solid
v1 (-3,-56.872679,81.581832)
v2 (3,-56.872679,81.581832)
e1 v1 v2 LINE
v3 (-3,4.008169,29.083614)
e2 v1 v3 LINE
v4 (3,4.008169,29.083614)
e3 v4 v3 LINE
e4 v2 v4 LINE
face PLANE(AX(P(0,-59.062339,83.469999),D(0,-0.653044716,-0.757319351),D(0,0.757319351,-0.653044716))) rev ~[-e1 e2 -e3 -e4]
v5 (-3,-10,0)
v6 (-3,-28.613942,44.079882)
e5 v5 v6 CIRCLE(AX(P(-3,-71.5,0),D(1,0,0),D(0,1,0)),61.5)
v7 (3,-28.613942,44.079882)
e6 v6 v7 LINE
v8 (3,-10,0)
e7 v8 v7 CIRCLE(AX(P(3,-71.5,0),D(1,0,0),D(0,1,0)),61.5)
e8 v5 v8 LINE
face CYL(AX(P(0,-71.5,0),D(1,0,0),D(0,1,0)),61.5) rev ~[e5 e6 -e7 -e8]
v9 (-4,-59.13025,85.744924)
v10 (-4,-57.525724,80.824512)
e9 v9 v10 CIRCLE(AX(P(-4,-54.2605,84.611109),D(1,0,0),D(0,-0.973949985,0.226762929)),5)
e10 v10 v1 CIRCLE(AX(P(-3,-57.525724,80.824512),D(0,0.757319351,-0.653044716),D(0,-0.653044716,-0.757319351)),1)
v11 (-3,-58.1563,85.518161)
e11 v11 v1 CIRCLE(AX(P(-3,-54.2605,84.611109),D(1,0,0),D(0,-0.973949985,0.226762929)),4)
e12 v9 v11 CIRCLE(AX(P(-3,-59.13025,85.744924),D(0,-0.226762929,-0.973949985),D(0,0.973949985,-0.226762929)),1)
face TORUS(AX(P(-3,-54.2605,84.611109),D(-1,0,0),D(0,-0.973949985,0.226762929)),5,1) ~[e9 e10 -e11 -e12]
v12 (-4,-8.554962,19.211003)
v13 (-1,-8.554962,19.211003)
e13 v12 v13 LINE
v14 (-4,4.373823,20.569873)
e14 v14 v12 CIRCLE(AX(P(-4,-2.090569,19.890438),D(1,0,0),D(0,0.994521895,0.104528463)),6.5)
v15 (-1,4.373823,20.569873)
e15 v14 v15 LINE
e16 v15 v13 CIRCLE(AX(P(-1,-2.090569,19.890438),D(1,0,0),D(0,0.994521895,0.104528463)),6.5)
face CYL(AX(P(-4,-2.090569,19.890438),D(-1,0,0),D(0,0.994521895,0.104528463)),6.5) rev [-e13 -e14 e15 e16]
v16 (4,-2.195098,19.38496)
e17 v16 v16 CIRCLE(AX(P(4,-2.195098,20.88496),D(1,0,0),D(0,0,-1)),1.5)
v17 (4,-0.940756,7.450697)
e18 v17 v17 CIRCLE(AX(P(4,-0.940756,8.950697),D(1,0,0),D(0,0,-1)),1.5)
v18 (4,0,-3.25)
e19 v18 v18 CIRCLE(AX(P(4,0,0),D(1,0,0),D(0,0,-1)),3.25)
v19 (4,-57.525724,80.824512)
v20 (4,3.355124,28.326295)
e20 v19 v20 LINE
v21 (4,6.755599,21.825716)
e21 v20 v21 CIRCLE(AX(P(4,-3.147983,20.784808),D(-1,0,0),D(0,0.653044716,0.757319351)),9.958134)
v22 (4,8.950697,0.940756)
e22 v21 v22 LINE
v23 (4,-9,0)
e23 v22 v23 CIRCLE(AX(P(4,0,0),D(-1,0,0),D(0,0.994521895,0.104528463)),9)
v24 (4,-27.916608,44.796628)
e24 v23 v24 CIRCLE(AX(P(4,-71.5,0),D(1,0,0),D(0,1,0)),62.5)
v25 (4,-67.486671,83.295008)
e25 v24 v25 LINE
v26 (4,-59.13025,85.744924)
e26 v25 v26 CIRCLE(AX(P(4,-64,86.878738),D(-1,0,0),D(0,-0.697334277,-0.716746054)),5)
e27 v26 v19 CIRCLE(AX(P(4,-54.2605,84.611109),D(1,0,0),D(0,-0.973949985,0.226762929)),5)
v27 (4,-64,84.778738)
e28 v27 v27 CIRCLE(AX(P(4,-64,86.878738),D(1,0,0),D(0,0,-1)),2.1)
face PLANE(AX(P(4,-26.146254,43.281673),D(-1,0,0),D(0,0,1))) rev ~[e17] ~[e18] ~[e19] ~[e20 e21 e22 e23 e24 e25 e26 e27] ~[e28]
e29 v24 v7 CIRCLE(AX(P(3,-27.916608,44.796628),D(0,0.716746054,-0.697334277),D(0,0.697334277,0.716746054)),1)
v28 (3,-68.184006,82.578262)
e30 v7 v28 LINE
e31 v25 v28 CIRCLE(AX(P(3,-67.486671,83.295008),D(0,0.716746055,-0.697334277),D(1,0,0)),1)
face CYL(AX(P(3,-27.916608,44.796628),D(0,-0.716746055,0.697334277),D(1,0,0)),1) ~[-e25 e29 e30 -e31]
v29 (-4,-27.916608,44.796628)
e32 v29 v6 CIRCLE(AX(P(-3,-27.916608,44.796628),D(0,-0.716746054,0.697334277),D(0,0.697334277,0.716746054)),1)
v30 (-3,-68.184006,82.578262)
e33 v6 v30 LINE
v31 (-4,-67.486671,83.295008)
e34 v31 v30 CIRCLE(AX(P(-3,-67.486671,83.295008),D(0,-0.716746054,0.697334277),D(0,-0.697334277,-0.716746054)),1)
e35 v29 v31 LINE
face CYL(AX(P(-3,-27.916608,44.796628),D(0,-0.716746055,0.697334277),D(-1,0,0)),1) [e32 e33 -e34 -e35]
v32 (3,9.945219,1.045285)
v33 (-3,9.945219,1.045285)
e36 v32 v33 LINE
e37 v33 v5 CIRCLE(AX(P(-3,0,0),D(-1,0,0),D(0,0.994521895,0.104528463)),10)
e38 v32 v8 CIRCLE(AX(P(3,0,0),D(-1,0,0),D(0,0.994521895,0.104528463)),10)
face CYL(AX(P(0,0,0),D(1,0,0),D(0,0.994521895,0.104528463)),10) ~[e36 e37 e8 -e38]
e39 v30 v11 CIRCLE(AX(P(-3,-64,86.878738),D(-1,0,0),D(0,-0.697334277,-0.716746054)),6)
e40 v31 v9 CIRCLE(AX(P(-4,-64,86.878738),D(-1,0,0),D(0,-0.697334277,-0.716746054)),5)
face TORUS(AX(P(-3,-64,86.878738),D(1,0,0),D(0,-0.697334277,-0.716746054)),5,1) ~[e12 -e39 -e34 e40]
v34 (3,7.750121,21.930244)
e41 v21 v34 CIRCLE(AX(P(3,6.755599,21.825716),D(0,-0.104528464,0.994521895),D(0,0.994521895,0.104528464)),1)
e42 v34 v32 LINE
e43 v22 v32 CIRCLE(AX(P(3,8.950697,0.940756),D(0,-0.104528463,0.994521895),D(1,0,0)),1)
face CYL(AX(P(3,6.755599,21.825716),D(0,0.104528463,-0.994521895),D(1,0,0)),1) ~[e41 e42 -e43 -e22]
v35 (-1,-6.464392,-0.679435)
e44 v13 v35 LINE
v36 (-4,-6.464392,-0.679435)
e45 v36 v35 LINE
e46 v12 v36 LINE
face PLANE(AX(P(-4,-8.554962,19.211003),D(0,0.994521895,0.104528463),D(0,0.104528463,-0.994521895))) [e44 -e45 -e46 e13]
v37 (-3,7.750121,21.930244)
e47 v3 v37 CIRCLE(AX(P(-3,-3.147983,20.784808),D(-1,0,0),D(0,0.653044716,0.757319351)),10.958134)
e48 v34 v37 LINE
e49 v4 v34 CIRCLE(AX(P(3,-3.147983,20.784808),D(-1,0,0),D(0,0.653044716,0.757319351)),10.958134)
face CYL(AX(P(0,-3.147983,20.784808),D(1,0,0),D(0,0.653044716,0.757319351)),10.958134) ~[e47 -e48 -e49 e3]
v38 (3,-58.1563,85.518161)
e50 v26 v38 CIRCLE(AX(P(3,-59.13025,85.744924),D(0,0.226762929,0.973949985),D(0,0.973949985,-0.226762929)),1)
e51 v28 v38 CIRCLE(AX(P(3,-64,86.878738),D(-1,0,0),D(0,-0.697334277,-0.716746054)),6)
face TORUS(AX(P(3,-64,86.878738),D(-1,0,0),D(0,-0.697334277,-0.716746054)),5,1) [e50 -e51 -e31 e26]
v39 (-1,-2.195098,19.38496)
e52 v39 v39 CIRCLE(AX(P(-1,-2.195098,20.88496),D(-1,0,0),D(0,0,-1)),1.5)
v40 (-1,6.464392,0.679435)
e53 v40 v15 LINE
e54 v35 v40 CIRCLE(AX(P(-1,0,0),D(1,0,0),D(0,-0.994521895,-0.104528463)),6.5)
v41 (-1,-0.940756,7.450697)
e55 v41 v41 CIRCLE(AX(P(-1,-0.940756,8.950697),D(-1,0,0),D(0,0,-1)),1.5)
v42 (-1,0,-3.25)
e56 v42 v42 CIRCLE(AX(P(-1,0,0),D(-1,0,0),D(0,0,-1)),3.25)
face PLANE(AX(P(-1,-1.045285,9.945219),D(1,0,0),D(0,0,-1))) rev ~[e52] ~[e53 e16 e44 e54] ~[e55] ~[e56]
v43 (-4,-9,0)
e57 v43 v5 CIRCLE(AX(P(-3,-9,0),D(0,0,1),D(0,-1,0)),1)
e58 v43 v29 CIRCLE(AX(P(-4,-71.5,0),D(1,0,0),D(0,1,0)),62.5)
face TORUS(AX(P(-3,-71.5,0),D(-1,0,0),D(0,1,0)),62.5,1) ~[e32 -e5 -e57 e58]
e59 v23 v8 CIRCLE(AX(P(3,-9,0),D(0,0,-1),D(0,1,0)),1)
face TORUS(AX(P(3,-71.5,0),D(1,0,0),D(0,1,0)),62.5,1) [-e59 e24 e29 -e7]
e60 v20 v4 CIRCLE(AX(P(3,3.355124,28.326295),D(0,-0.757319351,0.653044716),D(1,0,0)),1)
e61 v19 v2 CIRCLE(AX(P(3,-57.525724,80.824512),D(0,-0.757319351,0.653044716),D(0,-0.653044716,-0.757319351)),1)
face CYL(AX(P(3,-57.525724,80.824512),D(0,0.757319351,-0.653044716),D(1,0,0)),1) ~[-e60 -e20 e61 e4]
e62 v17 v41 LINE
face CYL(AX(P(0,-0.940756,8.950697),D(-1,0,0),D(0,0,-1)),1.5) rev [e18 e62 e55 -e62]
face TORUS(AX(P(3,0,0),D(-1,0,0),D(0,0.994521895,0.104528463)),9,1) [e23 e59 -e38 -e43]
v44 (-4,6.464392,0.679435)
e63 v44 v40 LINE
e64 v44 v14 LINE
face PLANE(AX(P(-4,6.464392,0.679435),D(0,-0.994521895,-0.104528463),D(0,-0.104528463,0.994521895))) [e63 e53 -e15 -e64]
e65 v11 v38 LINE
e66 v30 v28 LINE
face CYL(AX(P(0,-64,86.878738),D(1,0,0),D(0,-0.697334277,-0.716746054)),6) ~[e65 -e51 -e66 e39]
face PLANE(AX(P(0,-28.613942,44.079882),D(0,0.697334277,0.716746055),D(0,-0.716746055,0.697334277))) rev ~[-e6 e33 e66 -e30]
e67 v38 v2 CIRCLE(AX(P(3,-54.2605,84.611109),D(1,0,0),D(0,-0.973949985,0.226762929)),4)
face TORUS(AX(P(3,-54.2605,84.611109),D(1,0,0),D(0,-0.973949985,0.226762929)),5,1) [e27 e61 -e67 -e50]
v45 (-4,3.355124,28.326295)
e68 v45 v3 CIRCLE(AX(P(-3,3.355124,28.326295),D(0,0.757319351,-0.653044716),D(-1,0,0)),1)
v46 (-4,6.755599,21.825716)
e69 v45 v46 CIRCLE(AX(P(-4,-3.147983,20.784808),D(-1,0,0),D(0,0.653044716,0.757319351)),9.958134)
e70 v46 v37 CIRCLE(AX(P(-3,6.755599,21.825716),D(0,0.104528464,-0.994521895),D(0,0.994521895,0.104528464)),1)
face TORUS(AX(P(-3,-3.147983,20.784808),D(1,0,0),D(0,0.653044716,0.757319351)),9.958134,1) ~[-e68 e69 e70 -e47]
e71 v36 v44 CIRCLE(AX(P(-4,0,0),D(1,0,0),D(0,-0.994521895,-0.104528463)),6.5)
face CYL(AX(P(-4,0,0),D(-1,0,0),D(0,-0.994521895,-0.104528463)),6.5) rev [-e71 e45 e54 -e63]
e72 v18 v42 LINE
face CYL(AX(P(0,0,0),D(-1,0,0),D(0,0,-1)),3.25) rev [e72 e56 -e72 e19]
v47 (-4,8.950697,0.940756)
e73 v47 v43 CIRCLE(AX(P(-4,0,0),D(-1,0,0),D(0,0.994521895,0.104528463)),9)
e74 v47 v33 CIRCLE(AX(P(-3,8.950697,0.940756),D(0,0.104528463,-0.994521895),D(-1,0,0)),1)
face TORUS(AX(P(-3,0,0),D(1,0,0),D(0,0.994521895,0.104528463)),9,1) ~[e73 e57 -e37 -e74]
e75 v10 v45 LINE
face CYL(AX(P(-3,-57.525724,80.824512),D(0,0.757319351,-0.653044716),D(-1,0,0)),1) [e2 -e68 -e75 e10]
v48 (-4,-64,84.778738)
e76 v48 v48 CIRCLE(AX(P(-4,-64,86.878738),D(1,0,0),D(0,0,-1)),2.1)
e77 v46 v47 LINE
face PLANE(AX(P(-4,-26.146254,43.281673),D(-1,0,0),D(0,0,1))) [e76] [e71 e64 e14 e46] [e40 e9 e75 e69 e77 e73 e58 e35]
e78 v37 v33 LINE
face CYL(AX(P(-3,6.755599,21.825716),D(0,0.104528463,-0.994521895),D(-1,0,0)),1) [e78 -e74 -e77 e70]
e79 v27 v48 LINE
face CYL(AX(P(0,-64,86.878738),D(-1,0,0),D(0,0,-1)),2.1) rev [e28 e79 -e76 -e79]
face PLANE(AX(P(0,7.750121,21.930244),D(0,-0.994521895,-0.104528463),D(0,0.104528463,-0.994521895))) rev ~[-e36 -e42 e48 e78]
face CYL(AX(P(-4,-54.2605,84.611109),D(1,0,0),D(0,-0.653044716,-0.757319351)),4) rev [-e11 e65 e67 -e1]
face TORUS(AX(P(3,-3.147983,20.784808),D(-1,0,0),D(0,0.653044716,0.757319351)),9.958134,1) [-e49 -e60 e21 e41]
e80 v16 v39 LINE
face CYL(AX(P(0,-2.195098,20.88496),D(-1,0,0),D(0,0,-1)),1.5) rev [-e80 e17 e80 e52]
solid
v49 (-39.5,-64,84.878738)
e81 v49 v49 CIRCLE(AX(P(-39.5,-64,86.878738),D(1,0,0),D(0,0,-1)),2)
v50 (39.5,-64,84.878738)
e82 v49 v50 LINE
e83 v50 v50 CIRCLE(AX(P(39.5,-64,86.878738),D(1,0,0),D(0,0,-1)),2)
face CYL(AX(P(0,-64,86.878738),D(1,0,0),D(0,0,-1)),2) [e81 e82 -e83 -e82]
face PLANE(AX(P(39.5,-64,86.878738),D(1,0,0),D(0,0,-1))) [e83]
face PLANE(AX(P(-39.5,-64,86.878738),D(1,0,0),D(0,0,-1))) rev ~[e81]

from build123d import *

# Parameters (mm, degrees)
ESQUISSE3_R             = 2
BOSS_EXTRU_1_DEPTH      = 39.5
ESQUISSE5_R             = 3.25
ESQUISSE5_R_2           = 2.1
ESQUISSE5_R_3           = 1.5
BOSS_EXTRU_2_DEPTH      = 4
CONG_1_R                = 4
CONG_2_R                = 1
ENL_V_MAT_EXTRU_1_DEPTH = 3


with BuildPart() as part:
    # Esquisse3 → Boss.-Extru.1 (new, symmetric)
    with BuildSketch(Plane(origin=(0, 0, 0), x_dir=(0, 0, -1), z_dir=(1, 0, 0))):
        with Locations((-86.878738339, -64)):
            Circle(ESQUISSE3_R)
    extrude(amount=BOSS_EXTRU_1_DEPTH, both=True)


with BuildPart() as body_2:
    # Esquisse5 → Boss.-Extru.2 (new, symmetric)
    with BuildSketch(Plane(origin=(0, 0, 0), x_dir=(0, 0, -1), z_dir=(1, 0, 0))):
        with BuildLine():
            Line((-83.469999177, -59.062338881), (-29.083614474, 4.008168523))
            ThreePointArc((-29.083614474, 4.008168523), (-25.864077947, 6.561894104), (-21.930244435, 7.750121225))
            Line((-21.930244435, 7.750121225), (-1.045284633, 9.945218954))
            ThreePointArc((-1.045284633, 9.945218954), (9.986295348, 0.523359562), (0, -10))
            ThreePointArc((0, -10), (-23.924437635, -14.844274042), (-44.079882353, -28.613941988))
            Line((-44.079882353, -28.613941988), (-82.578262012, -68.18400566))
            ThreePointArc((-82.578262012, -68.18400566), (-92.850270978, -64.583779009), (-83.469999177, -59.062338881))
        make_face()
        Circle(ESQUISSE5_R, mode=Mode.SUBTRACT)
        with Locations((-86.878738339, -64)):
            Circle(ESQUISSE5_R_2, mode=Mode.SUBTRACT)
        with Locations((-8.950697058, -0.940756169)):
            Circle(ESQUISSE5_R_3, mode=Mode.SUBTRACT)
        with Locations((-20.884959803, -2.195097729)):
            Circle(ESQUISSE5_R_3, mode=Mode.SUBTRACT)
    extrude(amount=BOSS_EXTRU_2_DEPTH, both=True)

    # Congé1
    cong_1_edges = [body_2.edges().sort_by_distance(p)[0] for p in [
        (0, -59.062338881, 83.469999177),
    ]]
    fillet(cong_1_edges, radius=CONG_1_R)

    # Congé2
    cong_2_edges = [body_2.edges().sort_by_distance(p)[0] for p in [
        (4, -14.844274042, 23.924437635),
        (4, 0.523359562, -9.986295348),
        (4, 8.847670089, 11.487764534),
        (4, 6.561894104, 25.864077947),
        (4, -26.432255243, 55.33272306),
        (-4, -65.688015825, 92.636394335),
        (4, -65.688015825, 92.636394335),
        (-4, -58.063409395, 83.370995654),
        (4, -58.063409395, 83.370995654),
        (-4, -26.432255243, 55.33272306),
        (4, -48.398973824, 63.329072182),
        (-4, 6.561894104, 25.864077947),
        (-4, 8.847670089, 11.487764534),
        (-4, 0.523359562, -9.986295348),
        (-4, -14.844274042, 23.924437635),
        (-4, -48.398973824, 63.329072182),
    ]]
    fillet(cong_2_edges, radius=CONG_2_R)

    # Esquisse6 → Enlèv. mat.-Extru.1 (cut)
    with BuildSketch(Plane.ZY.offset(4)):
        with BuildLine():
            Line((0.679435011, 6.46439232), (20.569872919, 4.373823055))
            ThreePointArc((20.569872919, 4.373823055), (26.354830227, -2.770004277), (19.211002896, -8.554961585))
            Line((19.211002896, -8.554961585), (-0.679435011, -6.46439232))
            ThreePointArc((-0.679435011, -6.46439232), (-6.46439232, 0.679435011), (0.679435011, 6.46439232))
        make_face()
    extrude(amount=-ENL_V_MAT_EXTRU_1_DEPTH, mode=Mode.SUBTRACT)


solid = Compound([part.part, body_2.part])
